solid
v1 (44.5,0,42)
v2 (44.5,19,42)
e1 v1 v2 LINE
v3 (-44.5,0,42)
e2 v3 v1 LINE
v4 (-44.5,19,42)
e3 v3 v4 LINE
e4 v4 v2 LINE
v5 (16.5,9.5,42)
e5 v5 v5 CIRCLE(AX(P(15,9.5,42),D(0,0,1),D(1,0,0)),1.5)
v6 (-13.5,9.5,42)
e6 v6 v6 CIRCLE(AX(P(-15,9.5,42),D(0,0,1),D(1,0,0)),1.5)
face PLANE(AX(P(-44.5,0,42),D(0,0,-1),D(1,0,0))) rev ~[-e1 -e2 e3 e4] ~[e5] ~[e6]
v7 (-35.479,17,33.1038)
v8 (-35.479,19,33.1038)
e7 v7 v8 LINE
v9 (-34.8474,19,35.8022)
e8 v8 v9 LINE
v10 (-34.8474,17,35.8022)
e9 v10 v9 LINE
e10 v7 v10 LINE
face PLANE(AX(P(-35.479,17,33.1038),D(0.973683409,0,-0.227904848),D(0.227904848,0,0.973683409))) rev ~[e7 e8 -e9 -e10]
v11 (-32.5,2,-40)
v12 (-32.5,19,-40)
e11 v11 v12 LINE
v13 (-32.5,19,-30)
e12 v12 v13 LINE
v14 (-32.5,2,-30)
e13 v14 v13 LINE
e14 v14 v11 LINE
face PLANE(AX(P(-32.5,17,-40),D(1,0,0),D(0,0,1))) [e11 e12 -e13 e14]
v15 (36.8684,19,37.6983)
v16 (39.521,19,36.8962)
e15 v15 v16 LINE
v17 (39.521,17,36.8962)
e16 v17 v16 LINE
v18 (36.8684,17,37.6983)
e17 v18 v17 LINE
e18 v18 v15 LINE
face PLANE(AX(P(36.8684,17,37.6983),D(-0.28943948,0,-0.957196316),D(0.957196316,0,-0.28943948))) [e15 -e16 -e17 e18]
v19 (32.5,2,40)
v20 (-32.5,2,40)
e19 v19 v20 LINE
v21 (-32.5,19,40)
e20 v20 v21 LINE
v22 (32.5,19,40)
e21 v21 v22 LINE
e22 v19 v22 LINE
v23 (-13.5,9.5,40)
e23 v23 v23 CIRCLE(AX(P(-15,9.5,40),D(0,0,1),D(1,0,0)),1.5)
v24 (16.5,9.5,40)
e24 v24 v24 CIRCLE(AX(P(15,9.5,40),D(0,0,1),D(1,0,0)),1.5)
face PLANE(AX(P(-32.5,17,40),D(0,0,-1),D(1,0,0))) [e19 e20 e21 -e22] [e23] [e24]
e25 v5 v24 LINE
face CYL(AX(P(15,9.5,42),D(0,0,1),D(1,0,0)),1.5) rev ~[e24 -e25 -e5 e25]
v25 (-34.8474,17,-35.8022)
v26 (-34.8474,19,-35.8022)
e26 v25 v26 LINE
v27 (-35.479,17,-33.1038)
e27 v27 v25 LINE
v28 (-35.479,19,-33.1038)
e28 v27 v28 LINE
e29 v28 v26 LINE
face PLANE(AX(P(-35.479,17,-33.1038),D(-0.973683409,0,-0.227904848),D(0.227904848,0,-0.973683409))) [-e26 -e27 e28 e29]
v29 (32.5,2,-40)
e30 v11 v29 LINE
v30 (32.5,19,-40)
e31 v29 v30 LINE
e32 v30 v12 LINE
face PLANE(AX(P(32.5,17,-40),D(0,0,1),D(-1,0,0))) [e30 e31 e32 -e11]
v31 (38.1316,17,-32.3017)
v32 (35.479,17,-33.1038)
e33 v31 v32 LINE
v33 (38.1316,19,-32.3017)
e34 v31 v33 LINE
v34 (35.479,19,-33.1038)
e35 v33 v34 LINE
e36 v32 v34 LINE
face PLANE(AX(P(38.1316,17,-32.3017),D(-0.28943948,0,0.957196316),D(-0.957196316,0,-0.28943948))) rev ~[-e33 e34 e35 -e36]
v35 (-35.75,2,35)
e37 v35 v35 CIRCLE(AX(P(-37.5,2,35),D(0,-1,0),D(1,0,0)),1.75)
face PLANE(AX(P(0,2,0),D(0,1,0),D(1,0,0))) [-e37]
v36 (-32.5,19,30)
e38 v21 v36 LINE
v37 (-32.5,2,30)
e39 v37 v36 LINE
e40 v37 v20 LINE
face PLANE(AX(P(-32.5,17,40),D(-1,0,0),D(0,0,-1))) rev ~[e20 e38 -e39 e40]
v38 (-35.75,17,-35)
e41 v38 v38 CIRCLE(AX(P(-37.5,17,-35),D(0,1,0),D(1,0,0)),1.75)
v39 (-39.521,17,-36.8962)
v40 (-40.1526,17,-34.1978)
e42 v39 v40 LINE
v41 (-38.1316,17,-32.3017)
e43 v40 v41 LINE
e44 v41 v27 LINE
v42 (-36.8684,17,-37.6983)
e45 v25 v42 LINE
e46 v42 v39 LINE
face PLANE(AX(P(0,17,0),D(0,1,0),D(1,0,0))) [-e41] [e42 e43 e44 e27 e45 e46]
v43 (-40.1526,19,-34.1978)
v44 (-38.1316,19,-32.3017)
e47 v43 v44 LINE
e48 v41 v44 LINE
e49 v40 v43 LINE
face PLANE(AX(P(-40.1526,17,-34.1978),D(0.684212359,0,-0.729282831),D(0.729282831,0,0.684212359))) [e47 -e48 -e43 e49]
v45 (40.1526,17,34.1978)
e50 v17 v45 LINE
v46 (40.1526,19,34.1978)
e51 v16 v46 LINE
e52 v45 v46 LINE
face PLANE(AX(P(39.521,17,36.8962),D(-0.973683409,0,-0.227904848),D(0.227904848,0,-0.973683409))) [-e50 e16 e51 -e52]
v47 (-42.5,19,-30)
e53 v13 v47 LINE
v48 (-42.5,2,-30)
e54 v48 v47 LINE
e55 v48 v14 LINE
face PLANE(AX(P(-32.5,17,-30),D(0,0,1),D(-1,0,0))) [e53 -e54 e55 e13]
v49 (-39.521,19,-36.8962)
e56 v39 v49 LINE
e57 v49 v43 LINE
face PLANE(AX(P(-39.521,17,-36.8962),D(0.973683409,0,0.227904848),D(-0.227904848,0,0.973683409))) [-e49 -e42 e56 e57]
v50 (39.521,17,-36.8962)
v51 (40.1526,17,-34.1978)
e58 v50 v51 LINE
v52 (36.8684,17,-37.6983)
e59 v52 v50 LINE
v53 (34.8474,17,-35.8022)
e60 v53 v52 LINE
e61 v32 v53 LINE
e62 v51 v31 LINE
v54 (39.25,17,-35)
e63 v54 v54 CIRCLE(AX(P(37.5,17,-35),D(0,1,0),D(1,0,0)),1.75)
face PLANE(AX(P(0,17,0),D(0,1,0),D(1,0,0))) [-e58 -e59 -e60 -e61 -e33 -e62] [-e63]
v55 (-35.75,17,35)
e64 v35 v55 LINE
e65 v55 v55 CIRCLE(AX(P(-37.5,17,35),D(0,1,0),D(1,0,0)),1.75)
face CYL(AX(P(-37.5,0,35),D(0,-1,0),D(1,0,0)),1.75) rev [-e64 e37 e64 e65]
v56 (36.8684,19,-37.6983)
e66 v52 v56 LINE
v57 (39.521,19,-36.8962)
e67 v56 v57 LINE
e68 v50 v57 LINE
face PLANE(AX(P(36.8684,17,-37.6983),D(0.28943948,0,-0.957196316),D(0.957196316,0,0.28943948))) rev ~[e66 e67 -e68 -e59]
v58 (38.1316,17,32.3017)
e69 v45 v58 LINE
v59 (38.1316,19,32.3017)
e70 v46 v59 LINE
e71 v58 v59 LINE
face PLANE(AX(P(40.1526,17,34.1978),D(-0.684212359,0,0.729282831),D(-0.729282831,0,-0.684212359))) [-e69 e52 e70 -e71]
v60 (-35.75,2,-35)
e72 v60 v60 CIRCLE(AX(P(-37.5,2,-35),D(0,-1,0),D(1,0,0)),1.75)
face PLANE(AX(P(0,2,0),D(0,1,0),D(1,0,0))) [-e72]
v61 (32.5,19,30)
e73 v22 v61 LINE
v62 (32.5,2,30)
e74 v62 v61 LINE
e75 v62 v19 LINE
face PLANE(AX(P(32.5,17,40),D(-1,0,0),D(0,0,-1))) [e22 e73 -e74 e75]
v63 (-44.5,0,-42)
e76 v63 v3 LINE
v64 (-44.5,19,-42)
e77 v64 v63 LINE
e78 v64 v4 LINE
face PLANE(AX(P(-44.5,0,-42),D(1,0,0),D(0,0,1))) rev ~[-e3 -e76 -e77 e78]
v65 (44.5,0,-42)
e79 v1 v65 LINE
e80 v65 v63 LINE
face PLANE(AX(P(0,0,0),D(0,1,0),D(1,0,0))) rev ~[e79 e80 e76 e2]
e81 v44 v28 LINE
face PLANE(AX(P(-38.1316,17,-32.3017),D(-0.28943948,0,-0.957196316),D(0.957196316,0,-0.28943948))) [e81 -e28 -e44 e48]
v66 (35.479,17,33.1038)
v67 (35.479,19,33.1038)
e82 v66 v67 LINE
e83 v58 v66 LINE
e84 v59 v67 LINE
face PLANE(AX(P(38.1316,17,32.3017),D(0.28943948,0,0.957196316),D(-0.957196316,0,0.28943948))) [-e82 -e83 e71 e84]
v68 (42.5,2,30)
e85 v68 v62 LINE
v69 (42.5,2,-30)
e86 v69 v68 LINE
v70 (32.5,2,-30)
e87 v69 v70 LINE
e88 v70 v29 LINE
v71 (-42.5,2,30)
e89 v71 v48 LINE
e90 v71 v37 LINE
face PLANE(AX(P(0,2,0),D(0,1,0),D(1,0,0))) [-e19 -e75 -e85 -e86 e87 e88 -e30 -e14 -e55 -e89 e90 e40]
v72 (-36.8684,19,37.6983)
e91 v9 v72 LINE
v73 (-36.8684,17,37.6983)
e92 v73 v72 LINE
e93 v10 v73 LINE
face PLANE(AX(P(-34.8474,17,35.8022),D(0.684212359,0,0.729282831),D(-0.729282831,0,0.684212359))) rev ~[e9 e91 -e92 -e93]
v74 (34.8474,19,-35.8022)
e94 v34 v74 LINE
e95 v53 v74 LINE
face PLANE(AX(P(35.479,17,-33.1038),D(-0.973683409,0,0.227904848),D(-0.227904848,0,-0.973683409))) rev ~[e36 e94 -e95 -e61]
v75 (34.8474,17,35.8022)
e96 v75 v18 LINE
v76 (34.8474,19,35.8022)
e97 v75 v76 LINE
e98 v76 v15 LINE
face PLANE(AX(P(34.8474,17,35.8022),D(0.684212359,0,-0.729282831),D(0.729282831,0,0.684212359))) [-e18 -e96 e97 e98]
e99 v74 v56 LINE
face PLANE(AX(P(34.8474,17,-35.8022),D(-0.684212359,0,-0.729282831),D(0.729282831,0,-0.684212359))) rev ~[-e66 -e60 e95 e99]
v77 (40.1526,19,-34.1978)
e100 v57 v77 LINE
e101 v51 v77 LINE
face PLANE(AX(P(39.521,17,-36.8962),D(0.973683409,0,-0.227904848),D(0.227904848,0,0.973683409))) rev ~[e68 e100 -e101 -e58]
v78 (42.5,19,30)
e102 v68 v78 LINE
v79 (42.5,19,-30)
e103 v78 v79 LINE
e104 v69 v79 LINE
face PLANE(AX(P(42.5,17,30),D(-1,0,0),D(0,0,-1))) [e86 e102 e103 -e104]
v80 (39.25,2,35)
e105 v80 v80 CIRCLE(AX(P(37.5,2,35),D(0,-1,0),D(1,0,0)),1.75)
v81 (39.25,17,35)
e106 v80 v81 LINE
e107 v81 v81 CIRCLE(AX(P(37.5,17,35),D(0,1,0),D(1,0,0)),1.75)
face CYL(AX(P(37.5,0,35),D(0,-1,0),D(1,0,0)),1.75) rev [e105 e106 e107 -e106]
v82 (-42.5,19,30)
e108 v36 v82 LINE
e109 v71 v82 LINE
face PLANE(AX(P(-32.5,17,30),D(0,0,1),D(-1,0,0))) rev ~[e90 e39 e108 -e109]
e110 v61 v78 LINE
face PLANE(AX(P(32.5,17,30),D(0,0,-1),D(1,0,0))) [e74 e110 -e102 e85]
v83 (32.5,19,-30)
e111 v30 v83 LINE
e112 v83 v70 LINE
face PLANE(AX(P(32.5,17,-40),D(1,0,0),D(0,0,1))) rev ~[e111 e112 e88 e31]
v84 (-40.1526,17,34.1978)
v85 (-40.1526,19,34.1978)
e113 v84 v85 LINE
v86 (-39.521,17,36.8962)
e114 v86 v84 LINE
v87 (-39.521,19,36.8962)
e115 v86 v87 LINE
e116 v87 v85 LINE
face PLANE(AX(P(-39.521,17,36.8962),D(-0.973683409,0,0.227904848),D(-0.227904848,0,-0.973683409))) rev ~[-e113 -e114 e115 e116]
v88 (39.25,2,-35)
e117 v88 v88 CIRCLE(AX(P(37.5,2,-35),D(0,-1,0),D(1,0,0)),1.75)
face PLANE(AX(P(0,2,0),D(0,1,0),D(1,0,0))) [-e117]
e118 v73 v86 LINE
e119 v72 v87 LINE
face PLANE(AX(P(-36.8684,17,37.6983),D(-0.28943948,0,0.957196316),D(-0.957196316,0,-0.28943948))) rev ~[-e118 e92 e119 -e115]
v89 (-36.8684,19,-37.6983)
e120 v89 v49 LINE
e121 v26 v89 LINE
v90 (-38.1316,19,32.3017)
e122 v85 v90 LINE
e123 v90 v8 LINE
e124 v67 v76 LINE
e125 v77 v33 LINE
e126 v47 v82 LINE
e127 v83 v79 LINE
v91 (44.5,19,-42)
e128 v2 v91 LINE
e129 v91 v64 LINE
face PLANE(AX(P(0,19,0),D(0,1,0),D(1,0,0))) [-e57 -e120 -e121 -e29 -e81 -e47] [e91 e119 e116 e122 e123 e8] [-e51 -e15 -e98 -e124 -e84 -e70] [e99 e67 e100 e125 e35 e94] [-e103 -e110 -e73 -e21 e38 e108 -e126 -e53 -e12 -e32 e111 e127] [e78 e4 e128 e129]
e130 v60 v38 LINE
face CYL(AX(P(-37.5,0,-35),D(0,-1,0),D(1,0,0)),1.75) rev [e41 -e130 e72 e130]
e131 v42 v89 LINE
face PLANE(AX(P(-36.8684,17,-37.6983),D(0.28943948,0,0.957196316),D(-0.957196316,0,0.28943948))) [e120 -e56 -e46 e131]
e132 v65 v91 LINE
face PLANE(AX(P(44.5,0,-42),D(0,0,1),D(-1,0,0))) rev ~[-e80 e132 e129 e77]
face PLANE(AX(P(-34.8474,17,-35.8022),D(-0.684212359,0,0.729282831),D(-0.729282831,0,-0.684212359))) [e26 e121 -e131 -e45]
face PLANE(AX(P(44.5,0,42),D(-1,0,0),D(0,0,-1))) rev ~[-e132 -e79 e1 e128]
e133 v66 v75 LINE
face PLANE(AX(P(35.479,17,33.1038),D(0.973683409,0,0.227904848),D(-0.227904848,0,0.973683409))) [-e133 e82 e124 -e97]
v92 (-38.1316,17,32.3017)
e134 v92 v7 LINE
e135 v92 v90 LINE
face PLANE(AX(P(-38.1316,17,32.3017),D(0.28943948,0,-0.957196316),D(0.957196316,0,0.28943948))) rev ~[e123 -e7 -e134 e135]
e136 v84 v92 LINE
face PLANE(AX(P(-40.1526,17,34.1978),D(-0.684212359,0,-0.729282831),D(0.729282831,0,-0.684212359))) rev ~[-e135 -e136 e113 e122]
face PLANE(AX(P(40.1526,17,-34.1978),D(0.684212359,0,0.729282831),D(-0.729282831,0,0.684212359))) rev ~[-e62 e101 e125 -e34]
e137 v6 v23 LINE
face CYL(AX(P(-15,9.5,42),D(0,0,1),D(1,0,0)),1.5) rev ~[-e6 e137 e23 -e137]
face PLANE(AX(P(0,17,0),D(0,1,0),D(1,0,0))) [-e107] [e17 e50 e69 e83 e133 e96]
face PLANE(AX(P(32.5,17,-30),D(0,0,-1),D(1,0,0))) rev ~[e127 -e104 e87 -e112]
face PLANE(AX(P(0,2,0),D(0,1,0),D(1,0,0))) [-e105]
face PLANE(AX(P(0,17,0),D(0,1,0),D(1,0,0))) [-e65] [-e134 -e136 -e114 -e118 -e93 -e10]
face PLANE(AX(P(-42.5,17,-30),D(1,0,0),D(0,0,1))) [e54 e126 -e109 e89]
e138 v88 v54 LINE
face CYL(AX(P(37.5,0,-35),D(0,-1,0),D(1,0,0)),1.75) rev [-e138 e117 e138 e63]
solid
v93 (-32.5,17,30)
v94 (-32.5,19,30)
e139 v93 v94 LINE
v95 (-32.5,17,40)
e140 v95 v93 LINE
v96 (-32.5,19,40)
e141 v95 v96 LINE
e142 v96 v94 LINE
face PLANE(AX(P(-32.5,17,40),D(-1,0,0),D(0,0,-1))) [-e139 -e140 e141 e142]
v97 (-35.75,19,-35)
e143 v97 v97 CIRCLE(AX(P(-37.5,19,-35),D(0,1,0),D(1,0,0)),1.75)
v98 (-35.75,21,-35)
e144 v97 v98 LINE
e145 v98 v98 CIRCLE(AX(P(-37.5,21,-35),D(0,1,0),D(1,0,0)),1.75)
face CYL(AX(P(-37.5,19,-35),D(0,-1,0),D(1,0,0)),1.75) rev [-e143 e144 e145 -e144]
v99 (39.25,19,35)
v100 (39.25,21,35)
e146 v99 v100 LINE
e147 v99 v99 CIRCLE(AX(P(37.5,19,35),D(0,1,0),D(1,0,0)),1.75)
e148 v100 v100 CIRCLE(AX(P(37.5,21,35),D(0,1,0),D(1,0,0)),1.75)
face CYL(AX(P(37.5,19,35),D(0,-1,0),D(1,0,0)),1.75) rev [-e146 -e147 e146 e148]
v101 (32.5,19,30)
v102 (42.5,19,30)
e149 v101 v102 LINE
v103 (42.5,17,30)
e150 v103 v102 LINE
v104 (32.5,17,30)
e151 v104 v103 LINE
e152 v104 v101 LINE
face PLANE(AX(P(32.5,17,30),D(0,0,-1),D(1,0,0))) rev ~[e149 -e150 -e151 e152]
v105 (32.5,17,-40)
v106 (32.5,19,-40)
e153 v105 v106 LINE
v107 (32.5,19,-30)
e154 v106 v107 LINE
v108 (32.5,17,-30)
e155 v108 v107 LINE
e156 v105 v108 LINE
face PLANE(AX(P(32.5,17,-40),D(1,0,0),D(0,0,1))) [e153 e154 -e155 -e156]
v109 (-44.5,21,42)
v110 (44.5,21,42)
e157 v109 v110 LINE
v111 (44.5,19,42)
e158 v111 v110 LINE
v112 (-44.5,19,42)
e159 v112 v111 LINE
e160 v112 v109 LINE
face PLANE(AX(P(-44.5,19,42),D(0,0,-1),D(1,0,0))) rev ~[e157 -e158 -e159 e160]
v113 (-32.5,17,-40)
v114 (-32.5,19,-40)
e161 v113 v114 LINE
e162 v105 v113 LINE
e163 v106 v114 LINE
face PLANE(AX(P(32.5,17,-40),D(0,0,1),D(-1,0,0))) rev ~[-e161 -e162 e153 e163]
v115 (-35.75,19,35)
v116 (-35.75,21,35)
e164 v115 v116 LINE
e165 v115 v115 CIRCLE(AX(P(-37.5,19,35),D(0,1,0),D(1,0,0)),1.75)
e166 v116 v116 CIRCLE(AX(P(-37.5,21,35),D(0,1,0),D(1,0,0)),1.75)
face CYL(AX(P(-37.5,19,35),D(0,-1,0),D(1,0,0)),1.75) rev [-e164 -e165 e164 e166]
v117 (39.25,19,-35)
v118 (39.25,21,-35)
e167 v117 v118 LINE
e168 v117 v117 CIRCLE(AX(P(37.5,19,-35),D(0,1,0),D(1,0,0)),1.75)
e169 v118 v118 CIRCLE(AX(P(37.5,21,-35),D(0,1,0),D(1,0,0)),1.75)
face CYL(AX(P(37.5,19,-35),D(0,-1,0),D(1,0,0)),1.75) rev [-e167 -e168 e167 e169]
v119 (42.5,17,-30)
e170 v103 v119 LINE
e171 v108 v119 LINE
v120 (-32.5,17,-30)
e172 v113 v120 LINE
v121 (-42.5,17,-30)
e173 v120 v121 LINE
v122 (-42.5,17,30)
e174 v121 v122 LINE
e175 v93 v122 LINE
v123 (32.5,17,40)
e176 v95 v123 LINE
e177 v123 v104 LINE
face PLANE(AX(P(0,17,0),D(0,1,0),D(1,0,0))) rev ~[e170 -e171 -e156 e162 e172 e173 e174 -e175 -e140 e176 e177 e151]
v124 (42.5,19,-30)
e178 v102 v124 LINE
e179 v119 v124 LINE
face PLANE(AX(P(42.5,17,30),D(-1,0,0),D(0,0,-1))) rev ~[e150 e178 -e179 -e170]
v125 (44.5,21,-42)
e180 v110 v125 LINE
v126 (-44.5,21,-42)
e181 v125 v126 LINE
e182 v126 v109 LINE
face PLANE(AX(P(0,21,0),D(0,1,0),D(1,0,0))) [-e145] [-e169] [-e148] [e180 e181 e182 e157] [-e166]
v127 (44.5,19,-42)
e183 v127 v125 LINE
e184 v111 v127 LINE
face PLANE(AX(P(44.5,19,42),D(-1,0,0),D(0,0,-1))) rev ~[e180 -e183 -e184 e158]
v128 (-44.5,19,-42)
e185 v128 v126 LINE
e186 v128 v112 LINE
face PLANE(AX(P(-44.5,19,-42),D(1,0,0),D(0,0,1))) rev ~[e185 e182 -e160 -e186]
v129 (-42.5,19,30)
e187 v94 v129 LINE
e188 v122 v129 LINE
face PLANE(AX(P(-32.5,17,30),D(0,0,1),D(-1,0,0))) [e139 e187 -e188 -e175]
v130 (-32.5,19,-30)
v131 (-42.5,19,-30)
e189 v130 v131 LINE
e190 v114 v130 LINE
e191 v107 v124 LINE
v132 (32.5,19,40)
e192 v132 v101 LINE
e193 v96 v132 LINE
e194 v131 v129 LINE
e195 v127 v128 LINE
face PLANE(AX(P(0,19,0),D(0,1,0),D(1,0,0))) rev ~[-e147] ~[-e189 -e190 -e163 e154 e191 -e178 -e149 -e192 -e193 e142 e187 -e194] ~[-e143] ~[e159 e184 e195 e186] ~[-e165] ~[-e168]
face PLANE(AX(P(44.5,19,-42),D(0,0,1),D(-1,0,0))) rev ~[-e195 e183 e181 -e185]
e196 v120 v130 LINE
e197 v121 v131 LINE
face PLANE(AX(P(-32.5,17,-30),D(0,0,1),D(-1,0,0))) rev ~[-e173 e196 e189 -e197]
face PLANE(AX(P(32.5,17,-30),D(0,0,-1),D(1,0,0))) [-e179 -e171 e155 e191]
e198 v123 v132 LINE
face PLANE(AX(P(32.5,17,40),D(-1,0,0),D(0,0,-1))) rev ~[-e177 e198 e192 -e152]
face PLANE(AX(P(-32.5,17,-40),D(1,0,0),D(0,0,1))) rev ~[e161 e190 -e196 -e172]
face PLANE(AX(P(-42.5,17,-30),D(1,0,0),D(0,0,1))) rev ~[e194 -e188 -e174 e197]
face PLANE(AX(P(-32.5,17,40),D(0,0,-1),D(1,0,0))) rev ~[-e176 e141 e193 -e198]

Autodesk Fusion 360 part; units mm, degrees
sketch "Sketch1" plane through (0, 0, 0) normal (0, 1, 0) x (1, 0, 0)
  line L0 (42.5, 40) -> (-42.5, 40)
  line L1 (-42.5, 40) -> (-42.5, -40)
  line L2 (-42.5, -40) -> (42.5, -40)
  line L3 (42.5, -40) -> (42.5, 40)
  line L4 (42.5, 40) -> (-42.5, -40) construction
  line L5 (-42.5, 40) -> (42.5, -40) construction
  circle A0 centre (-37.5, 35) radius 1.75
  line L6 (-38.1316, 32.3017) -> (-35.479, 33.1038)
  line L7 (-35.479, 33.1038) -> (-34.8474, 35.8022)
  line L8 (-34.8474, 35.8022) -> (-36.8684, 37.6983)
  line L9 (-36.8684, 37.6983) -> (-39.521, 36.8962)
  line L10 (-39.521, 36.8962) -> (-40.1526, 34.1978)
  line L11 (-40.1526, 34.1978) -> (-38.1316, 32.3017)
  line L12 (0, 0) -> (0, 40) construction
  line L13 (0, 0) -> (-42.5, 0) construction
  line L14 (34.8474, 35.8022) -> (36.8684, 37.6983)
  line L15 (36.8684, 37.6983) -> (39.521, 36.8962)
  line L16 (35.479, 33.1038) -> (34.8474, 35.8022)
  line L17 (38.1316, 32.3017) -> (35.479, 33.1038)
  circle A1 centre (37.5, 35) radius 1.75
  line L18 (39.521, 36.8962) -> (40.1526, 34.1978)
  line L19 (40.1526, 34.1978) -> (38.1316, 32.3017)
  line L20 (-40.1526, -34.1978) -> (-38.1316, -32.3017)
  circle A2 centre (-37.5, -35) radius 1.75
  line L21 (-42.5, -40) -> (42.5, 40) construction
  line L22 (-36.8684, -37.6983) -> (-39.521, -36.8962)
  line L23 (-39.521, -36.8962) -> (-40.1526, -34.1978)
  line L24 (-35.479, -33.1038) -> (-34.8474, -35.8022)
  line L25 (-38.1316, -32.3017) -> (-35.479, -33.1038)
  line L26 (-34.8474, -35.8022) -> (-36.8684, -37.6983)
  line L27 (0, 0) -> (0, -40) construction
  line L28 (34.8474, -35.8022) -> (36.8684, -37.6983)
  line L29 (35.479, -33.1038) -> (34.8474, -35.8022)
  line L30 (-42.5, 40) -> (42.5, -40) construction
  line L31 (42.5, -40) -> (-42.5, 40) construction
  line L32 (38.1316, -32.3017) -> (35.479, -33.1038)
  line L33 (36.8684, -37.6983) -> (39.521, -36.8962)
  line L34 (39.521, -36.8962) -> (40.1526, -34.1978)
  line L35 (40.1526, -34.1978) -> (38.1316, -32.3017)
  circle A3 centre (37.5, -35) radius 1.75
  line L36 (-44.5, -42) -> (44.5, -42)
  line L37 (44.5, -42) -> (44.5, 42)
  line L38 (44.5, 42) -> (-44.5, 42)
  line L39 (-44.5, 42) -> (-44.5, -42)
  line L40 (-44.5, -42) -> (44.5, 42) construction
  line L41 (44.5, -42) -> (-44.5, 42) construction
  line L42 (-42.5, 40) -> (-32.5, 40)
  line L43 (-32.5, 40) -> (-32.5, 30)
  line L44 (-32.5, 30) -> (-42.5, 30)
  line L45 (-42.5, 30) -> (-42.5, 40)
  line L46 (32.5, 40) -> (32.5, 30)
  line L47 (32.5, 30) -> (42.5, 30)
  line L48 (-32.5, -40) -> (-32.5, -30)
  line L49 (-32.5, -30) -> (-42.5, -30)
  line L50 (32.5, -30) -> (42.5, -30)
  line L51 (32.5, -40) -> (32.5, -30)
  point P0 (-37.5, 35)
  point P1 (37.5, 35)
  point P2 (-37.5, -35)
  point P3 (37.5, -35)
  dimension "d1" = 85
  dimension "d2" = 80
  dimension "d3" = 3.5
  dimension "d4" = 4.8
  dimension "d5" = 5
  dimension "d6" = 5
  dimension "d13" = 2
  dimension "d14" = 2
  dimension "d17" = 5
  dimension "d18" = 5
extrude "Extrude1" add sketch "Sketch1" along normal blind 2 contours L0 L3 L46 L47 | L0 L1 L2 L3 L43 L44 L46 L47 L48 L49 L50 L51 | L0 L1 L42 L43 L44 L45 | L2 L3 L50 L51 | L1 L2 L48 L49 | A0 | L6 L7 L8 L9 L10 L11 | L14 L15 L16 L17 L18 L19 | A1 | L20 L22 L23 L24 L25 L26 | A2 | L28 L29 L32 L33 L34 L35 | A3 | L36 L37 L38 L39 makes body 1
extrude "Extrude2" add sketch "Sketch1" along normal blind 17 contours L0 L3 L46 L47 | L0 L1 L42 L43 L44 L45 | L2 L3 L50 L51 | L1 L2 L48 L49 | L6 L7 L8 L9 L10 L11 | L14 L15 L16 L17 L18 L19 | L20 L22 L23 L24 L25 L26 | L28 L29 L32 L33 L34 L35 | L36 L37 L38 L39 bodies 1
extrude "Extrude3" add sketch "Sketch1" along normal blind 2 from surface at 17 contours L0 L3 L46 L47 | L0 L1 L42 L43 L44 L45 | L2 L3 L50 L51 | L1 L2 L48 L49 | L36 L37 L38 L39 bodies 1
extrude "Extrude4" add sketch "Sketch1" along normal blind 2 from surface at 19 separate body contours L0 L3 L46 L47 | L0 L1 L2 L3 L43 L44 L46 L47 L48 L49 L50 L51 | L0 L1 L42 L43 L44 L45 | L2 L3 L50 L51 | L1 L2 L48 L49 | L6 L7 L8 L9 L10 L11 | L14 L15 L16 L17 L18 L19 | L20 L22 L23 L24 L25 L26 | L28 L29 L32 L33 L34 L35 | L36 L37 L38 L39 makes body 2
extrude "Extrude5" add sketch "Sketch1" along normal blind 2 from surface at 17 contours L0 L1 L2 L3 L43 L44 L46 L47 L48 L49 L50 L51 bodies 2
sketch "Sketch4" plane through (0, 0, 42) normal (0, 0, 1) x (1, 0, 0)
  line L0 (-44.5, 0) -> (44.5, 0)
  line L1 (44.5, 0) -> (44.5, 19)
  line L2 (44.5, 19) -> (-44.5, 19)
  line L3 (-44.5, 19) -> (-44.5, 0)
  line L4 (0, 0) -> (0, 19) construction
  line L5 (44.5, 9.5) -> (-44.5, 9.5) construction
  circle A0 centre (15, 9.5) radius 1.5
  circle A1 centre (-15, 9.5) radius 1.5
  dimension "d29" = 3
  dimension "d30" = 15
extrude "Extrude6" cut sketch "Sketch4" against normal blind 12 contours A0 | A1 bodies 1
equation "d1 = long"
equation "d2 = la"
equation "long = 85 mm"
equation "la = 80 mm"
equation "h = 15 mm"
equation "e = 2 mm"
equation "d11 = e"
equation "d13 = e"
equation "d14 = e"
equation "d15 = h + e"
equation "d19 = h + e"
equation "d20 = e"
equation "d22 = h + 2 * e"
equation "d23 = e"
equation "d25 = h + e"
equation "d26 = e"
